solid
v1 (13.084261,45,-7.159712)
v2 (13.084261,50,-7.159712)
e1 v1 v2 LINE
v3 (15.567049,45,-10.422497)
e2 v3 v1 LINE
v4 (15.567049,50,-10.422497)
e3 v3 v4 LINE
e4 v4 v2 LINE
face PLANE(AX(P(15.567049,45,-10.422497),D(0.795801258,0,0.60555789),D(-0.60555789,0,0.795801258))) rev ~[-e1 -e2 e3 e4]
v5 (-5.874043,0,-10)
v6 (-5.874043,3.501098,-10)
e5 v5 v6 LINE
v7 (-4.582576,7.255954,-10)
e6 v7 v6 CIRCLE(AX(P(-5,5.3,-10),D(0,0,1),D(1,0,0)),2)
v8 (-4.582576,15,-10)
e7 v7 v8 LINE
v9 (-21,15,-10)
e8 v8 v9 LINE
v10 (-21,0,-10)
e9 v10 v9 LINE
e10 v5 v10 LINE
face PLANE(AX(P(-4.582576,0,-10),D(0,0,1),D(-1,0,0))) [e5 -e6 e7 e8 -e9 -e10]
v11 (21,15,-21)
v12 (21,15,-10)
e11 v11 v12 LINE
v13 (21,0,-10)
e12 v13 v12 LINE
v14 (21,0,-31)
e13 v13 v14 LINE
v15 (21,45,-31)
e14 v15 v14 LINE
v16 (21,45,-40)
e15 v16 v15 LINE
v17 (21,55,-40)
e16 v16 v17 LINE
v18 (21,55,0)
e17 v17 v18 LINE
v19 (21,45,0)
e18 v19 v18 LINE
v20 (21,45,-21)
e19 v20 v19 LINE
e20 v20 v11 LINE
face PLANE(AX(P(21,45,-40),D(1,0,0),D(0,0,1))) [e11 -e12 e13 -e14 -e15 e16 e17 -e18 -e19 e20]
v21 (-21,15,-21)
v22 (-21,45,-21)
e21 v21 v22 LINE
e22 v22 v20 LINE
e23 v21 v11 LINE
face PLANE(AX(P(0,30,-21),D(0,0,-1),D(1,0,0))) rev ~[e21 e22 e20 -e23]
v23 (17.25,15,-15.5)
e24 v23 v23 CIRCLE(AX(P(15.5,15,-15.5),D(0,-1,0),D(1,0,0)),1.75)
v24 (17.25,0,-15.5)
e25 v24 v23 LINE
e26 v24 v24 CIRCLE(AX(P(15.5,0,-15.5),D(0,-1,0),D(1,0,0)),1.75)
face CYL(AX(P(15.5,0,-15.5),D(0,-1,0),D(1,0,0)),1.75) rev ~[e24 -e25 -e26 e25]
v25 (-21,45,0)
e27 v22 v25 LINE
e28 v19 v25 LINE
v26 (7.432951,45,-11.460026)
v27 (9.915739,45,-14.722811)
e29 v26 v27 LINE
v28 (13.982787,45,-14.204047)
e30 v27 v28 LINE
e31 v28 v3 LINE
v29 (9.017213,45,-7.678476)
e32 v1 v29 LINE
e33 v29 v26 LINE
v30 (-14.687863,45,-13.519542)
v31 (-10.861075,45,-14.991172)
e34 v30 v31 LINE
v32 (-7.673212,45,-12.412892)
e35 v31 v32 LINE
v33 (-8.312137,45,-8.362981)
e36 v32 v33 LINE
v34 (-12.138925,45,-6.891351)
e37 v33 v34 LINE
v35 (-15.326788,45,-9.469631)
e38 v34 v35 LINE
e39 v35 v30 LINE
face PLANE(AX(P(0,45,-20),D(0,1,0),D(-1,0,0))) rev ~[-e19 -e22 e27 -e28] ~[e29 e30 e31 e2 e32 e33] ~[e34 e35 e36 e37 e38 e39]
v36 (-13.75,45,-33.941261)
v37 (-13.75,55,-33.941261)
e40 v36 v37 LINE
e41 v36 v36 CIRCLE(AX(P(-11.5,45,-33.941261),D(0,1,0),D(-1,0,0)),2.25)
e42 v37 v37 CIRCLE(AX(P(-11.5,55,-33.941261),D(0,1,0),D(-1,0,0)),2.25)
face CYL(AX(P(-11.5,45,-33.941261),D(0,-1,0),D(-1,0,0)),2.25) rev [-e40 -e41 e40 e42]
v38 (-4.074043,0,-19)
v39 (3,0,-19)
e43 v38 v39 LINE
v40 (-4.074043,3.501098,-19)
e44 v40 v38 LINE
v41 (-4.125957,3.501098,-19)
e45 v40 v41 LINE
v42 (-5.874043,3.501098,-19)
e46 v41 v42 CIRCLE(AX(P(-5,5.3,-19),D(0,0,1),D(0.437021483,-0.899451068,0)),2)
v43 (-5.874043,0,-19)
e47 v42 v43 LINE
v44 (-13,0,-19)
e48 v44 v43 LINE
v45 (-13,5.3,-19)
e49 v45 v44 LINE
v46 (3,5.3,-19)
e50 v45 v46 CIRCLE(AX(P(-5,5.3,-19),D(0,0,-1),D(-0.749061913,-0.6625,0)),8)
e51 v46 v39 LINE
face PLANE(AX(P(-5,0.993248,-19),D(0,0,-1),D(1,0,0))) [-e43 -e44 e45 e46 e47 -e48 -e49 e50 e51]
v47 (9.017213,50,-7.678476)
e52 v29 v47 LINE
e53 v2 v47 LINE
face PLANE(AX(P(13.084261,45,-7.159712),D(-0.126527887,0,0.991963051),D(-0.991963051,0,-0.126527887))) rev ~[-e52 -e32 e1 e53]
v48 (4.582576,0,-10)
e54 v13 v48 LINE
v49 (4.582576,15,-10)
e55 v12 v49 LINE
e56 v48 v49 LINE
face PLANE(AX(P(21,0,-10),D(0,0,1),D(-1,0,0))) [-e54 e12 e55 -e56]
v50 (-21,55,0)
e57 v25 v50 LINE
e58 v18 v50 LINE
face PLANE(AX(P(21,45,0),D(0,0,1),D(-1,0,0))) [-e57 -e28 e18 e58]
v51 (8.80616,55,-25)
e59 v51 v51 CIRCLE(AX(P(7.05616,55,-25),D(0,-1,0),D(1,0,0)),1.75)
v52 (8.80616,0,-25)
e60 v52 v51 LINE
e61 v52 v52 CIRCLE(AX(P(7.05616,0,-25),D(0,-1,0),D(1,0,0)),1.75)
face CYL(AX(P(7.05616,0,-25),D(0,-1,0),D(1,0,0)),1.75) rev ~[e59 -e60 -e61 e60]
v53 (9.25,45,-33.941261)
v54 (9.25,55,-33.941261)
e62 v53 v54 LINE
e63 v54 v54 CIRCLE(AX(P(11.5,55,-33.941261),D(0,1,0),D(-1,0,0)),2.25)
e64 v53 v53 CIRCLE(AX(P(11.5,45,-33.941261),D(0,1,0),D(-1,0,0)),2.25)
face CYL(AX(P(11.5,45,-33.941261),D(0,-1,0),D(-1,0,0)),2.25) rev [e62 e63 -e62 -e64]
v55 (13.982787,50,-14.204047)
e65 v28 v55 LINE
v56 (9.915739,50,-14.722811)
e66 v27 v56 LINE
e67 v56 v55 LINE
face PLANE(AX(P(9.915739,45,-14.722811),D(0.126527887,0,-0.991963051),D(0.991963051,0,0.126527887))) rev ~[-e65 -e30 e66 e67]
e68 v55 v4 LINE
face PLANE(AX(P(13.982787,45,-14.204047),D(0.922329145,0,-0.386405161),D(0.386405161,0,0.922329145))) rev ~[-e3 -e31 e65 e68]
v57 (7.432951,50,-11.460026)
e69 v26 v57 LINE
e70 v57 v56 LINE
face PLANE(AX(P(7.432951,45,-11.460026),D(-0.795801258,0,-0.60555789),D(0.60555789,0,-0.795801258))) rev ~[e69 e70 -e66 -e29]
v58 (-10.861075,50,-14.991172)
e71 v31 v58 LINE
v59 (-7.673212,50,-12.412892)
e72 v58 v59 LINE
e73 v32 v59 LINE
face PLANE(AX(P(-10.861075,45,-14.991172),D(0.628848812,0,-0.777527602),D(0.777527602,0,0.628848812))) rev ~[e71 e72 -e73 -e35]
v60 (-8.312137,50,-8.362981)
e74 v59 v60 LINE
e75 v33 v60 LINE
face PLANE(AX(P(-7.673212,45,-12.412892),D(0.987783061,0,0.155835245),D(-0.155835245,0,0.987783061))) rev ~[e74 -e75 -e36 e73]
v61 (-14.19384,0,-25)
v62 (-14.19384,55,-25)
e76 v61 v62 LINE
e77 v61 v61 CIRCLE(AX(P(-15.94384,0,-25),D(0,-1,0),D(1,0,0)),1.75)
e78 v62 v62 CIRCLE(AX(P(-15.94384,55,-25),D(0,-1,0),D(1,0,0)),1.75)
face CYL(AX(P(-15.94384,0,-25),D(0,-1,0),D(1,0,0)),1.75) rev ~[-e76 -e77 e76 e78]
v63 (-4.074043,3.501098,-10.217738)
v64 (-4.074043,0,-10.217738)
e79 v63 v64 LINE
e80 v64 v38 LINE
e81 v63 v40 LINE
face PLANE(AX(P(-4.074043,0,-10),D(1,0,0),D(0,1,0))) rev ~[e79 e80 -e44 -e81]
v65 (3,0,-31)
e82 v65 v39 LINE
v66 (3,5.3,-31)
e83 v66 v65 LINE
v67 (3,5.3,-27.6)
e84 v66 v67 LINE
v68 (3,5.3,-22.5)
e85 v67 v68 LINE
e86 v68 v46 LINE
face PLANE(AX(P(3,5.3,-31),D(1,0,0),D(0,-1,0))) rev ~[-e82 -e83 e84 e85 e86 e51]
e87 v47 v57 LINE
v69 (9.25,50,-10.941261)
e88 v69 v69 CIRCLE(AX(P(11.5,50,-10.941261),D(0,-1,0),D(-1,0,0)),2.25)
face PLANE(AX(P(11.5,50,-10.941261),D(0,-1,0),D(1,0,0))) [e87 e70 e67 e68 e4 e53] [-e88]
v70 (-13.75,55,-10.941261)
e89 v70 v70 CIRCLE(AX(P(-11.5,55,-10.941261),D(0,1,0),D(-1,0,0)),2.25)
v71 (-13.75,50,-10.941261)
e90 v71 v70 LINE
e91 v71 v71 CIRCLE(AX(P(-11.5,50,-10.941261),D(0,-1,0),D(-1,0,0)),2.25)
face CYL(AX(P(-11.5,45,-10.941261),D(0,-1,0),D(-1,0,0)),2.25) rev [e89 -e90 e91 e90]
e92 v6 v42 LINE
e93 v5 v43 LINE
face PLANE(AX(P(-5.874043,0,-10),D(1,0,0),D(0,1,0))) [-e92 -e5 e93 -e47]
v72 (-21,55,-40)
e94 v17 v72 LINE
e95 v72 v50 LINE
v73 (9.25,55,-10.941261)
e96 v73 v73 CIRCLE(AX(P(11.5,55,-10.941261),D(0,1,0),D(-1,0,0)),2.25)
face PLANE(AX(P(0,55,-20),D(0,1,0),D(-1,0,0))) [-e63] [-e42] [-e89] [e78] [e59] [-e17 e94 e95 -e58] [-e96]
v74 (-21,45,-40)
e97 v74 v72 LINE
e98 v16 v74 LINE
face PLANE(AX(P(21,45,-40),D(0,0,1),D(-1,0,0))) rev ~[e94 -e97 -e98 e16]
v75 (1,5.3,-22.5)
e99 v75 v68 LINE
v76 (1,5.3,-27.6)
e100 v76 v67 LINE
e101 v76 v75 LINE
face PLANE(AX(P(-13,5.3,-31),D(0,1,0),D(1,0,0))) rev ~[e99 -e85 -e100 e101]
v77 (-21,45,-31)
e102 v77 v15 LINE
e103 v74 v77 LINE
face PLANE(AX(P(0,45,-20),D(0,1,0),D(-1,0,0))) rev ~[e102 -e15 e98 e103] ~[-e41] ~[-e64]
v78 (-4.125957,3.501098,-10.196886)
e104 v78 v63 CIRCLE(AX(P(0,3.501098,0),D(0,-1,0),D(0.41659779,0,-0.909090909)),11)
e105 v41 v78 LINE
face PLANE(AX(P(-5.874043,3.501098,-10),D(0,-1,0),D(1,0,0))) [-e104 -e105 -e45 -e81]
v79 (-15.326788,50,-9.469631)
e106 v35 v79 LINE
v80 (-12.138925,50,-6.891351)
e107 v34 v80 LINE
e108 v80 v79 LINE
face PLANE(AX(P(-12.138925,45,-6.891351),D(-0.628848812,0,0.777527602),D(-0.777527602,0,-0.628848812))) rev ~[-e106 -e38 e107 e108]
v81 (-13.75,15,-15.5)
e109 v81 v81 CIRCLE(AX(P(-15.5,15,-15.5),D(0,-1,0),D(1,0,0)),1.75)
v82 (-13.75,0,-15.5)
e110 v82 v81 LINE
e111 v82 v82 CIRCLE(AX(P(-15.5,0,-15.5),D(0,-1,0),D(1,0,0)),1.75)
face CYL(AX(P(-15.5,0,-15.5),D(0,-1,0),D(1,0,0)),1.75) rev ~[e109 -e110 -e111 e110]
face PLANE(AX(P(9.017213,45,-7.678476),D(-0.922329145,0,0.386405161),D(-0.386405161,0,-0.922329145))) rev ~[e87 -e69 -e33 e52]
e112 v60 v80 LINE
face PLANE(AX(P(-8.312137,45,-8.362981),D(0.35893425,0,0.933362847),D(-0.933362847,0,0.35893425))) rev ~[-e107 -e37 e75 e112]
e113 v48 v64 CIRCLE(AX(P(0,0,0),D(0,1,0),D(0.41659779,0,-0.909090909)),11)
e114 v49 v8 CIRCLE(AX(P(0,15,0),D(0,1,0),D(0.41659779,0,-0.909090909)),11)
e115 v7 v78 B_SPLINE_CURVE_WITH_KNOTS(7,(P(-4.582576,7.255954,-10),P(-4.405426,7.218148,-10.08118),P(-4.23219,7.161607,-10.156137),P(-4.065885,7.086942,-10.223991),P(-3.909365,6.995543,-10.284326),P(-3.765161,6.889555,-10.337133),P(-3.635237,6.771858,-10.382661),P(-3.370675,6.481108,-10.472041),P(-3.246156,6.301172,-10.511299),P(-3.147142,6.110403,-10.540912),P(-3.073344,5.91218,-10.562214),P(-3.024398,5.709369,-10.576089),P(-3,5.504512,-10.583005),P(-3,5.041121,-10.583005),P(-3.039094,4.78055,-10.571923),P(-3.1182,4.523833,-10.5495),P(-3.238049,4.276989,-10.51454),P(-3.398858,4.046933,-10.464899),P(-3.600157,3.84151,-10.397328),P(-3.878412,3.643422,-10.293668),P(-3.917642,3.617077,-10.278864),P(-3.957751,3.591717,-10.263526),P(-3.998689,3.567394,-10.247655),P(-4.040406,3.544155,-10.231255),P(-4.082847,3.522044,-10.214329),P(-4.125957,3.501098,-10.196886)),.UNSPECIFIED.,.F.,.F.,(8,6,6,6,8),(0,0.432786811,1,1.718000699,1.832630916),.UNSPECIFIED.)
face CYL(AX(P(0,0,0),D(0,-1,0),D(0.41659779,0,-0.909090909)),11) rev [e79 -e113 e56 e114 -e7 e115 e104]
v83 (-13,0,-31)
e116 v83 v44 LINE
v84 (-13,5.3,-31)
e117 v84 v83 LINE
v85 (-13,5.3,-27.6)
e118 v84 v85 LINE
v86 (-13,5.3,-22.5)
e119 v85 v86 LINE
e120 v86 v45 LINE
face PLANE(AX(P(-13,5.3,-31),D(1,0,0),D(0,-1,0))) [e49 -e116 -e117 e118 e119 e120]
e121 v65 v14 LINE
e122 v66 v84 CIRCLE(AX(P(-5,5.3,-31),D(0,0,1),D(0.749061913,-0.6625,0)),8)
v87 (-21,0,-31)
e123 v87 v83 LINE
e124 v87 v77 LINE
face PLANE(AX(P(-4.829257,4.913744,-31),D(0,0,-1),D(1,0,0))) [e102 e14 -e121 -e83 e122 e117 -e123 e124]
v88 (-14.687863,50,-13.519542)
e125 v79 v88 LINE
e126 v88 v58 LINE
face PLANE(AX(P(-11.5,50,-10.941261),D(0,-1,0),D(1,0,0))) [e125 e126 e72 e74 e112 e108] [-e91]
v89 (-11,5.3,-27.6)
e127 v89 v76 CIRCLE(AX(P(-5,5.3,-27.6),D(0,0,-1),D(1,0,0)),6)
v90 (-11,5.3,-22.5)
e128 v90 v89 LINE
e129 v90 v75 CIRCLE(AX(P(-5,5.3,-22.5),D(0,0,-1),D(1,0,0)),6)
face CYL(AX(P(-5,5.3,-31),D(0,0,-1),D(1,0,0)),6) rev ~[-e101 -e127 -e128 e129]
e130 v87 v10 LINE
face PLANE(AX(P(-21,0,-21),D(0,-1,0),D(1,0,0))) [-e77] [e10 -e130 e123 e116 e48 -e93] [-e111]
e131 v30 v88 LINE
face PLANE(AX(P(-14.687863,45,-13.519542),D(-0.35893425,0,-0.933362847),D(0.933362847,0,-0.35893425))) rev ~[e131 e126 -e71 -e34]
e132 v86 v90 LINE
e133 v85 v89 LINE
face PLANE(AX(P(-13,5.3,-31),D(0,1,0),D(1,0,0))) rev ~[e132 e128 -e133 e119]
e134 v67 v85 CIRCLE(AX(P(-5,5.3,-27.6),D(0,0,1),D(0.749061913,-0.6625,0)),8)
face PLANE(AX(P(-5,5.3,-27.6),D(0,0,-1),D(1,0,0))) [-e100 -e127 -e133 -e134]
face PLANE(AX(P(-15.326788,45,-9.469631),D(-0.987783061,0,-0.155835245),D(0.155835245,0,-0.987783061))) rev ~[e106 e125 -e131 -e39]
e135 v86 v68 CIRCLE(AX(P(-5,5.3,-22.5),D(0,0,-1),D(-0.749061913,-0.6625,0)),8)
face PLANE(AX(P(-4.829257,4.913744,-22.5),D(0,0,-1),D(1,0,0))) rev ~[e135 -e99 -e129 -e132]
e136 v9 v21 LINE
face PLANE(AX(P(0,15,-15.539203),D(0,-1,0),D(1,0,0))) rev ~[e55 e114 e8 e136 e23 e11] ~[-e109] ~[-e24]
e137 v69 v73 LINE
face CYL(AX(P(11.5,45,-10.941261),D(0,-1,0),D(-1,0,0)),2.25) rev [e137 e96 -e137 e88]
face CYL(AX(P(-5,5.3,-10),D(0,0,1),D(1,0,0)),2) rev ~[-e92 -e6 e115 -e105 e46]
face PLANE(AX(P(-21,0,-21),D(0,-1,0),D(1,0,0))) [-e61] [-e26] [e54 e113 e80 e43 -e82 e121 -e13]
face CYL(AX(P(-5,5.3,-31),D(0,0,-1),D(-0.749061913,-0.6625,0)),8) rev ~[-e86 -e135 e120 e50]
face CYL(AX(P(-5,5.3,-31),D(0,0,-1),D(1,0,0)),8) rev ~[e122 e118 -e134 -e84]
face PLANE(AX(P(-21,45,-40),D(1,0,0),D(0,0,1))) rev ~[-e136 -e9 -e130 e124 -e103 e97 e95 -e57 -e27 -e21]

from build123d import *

# Parameters (mm, degrees)
F0_R      = 1.75
F1_DEPTH  = 15
F2_W      = 42
F2_H      = 30
F2_H_2    = 45
F3_DEPTH  = 10
F4_W      = 42
F4_H      = 40
F4_R      = 2.25
F5_DEPTH  = 10
F6_R      = 2
F7_DEPTH  = 25
F8_R      = 2
F9_DEPTH  = 12
F11_DEPTH = 8.5
F12_R     = 6
F13_DEPTH = 9
F14_R     = 8
F15_DEPTH = 3.4
F16_W     = 16
F16_H     = 8.6135048579
F17_DEPTH = 12
F18_R     = 1.75
F19_DEPTH = 55
F21_DEPTH = 5
F22_W     = 1.8
F22_H     = 3.5010978645
F23_DEPTH = 25


with BuildPart() as f1:
    # F0 (on Front) → F1 (new body)
    with BuildSketch(Plane.XZ):
        with BuildLine():
            Line((-21, -21), (21, -21))
            Line((21, -21), (21, -10))
            Line((21, -10), (4.582575695, -10))
            ThreePointArc((4.582575695, -10), (0, -11), (-4.582575695, -10))
            Line((-4.582575695, -10), (-21, -10))
            Line((-21, -10), (-21, -21))
        make_face()
        with Locations((-15.5, -15.5)):
            Circle(F0_R, mode=Mode.SUBTRACT)
        with Locations((15.5, -15.5)):
            Circle(F0_R, mode=Mode.SUBTRACT)
    extrude(amount=-F1_DEPTH)

    # F2 (on face) → F3 (join)
    with BuildSketch(Plane(origin=(0, 0, -21), x_dir=(1, 0, 0), z_dir=(0, 0, -1))):
        with Locations((0, -30)):
            Rectangle(F2_W, F2_H)
        with Locations((0, -22.5)):
            Rectangle(F2_W, F2_H_2)
    extrude(amount=F3_DEPTH)

    # F4 (on face) → F5 (join)
    with BuildSketch(Plane(origin=(0, 45, 0), x_dir=(-1, 0, 0), z_dir=(0, 1, 0))):
        with Locations((0, -20)):
            Rectangle(F4_W, F4_H)
        with Locations((-11.5, -33.9412614703)):
            Circle(F4_R, mode=Mode.SUBTRACT)
        with Locations((11.5, -33.9412614703)):
            Circle(F4_R, mode=Mode.SUBTRACT)
        with Locations((-11.5, -10.9412614703)):
            Circle(F4_R, mode=Mode.SUBTRACT)
        with Locations((11.5, -10.9412614703)):
            Circle(F4_R, mode=Mode.SUBTRACT)
    extrude(amount=F5_DEPTH)

    # F6 (on face) → F7 (cut)
    with BuildSketch(Plane.XY.offset(-10)):
        with Locations((-5, 5.3)):
            Circle(F6_R)
    extrude(amount=-F7_DEPTH, mode=Mode.SUBTRACT)

    # F8 (on face) → F9 (cut)
    with BuildSketch(Plane(origin=(0, 0, -31), x_dir=(1, 0, 0), z_dir=(0, 0, -1))):
        with BuildLine():
            ThreePointArc((-10.9924953066, 0), (-7.8337287756, -12.781308791), (3, -5.3))
            ThreePointArc((3, -5.3), (2.481308791, -2.4662712244), (0.9924953066, 0))
            Line((0.9924953066, 0), (-10.9924953066, 0))
        make_face()
        with Locations((-5, -5.3)):
            Circle(F8_R, mode=Mode.SUBTRACT)
    extrude(amount=-F9_DEPTH, mode=Mode.SUBTRACT)

    # F10 (on face) → F11 (join)
    with BuildSketch(Plane(origin=(0, 0, -31), x_dir=(1, 0, 0), z_dir=(0, 0, -1))):
        with BuildLine():
            ThreePointArc((-10.9924953066, 0), (-7.8337287756, -12.781308791), (3, -5.3))
            ThreePointArc((3, -5.3), (2.481308791, -2.4662712244), (0.9924953066, 0))
            ThreePointArc((0.9924953066, 0), (-5, 2.7), (-10.9924953066, 0))
        make_face()
    extrude(amount=-F11_DEPTH)

    # F12 (on face) → F13 (cut)
    with BuildSketch(Plane(origin=(0, 0, -31), x_dir=(1, 0, 0), z_dir=(0, 0, -1))):
        with Locations((-5, -5.3)):
            Circle(F12_R)
    extrude(amount=-F13_DEPTH, mode=Mode.SUBTRACT)

    # F14 (on face) → F15 (cut)
    with BuildSketch(Plane(origin=(0, 0, -31), x_dir=(1, 0, 0), z_dir=(0, 0, -1))):
        with Locations((-5, -5.3)):
            Circle(F14_R)
    extrude(amount=-F15_DEPTH, mode=Mode.SUBTRACT)

    # F16 (on face) → F17 (cut)
    with BuildSketch(Plane(origin=(0, 0, -31), x_dir=(1, 0, 0), z_dir=(0, 0, -1))):
        with Locations((-5, -0.993247571)):
            Rectangle(F16_W, F16_H)
    extrude(amount=-F17_DEPTH, mode=Mode.SUBTRACT)

    # F18 (on face) → F19 (cut)
    with BuildSketch(Plane.XZ):
        with Locations((-15.9438401461, -25)):
            Circle(F18_R)
        with Locations((7.0561598539, -25)):
            Circle(F18_R)
    extrude(amount=-F19_DEPTH, mode=Mode.SUBTRACT)

    # F20 (on face) → F21 (cut)
    with BuildSketch(Plane.XZ.offset(-45)):
        Polygon((-10.8610754958, -14.9911720222), (-7.673212327, -12.4128918945), (-8.3121368311, -8.3629813427), (-12.1389245042, -6.8913509185), (-15.326787673, -9.4696310461), (-14.6878631689, -13.519541598), align=None)
        Polygon((9.9157388399, -14.7228109644), (13.9827873475, -14.2040466283), (15.5670485076, -10.4224971341), (13.0842611601, -7.1597119762), (9.0172126525, -7.6784763124), (7.4329514924, -11.4600258065), align=None)
    extrude(amount=-F21_DEPTH, mode=Mode.SUBTRACT)

    # F22 (on face) → F23 (cut)
    with BuildSketch(Plane.XY.offset(-10)):
        with Locations((-4.9740429662, 1.7505489322)):
            Rectangle(F22_W, F22_H)
    extrude(amount=-F23_DEPTH, mode=Mode.SUBTRACT)


solid = f1.part
